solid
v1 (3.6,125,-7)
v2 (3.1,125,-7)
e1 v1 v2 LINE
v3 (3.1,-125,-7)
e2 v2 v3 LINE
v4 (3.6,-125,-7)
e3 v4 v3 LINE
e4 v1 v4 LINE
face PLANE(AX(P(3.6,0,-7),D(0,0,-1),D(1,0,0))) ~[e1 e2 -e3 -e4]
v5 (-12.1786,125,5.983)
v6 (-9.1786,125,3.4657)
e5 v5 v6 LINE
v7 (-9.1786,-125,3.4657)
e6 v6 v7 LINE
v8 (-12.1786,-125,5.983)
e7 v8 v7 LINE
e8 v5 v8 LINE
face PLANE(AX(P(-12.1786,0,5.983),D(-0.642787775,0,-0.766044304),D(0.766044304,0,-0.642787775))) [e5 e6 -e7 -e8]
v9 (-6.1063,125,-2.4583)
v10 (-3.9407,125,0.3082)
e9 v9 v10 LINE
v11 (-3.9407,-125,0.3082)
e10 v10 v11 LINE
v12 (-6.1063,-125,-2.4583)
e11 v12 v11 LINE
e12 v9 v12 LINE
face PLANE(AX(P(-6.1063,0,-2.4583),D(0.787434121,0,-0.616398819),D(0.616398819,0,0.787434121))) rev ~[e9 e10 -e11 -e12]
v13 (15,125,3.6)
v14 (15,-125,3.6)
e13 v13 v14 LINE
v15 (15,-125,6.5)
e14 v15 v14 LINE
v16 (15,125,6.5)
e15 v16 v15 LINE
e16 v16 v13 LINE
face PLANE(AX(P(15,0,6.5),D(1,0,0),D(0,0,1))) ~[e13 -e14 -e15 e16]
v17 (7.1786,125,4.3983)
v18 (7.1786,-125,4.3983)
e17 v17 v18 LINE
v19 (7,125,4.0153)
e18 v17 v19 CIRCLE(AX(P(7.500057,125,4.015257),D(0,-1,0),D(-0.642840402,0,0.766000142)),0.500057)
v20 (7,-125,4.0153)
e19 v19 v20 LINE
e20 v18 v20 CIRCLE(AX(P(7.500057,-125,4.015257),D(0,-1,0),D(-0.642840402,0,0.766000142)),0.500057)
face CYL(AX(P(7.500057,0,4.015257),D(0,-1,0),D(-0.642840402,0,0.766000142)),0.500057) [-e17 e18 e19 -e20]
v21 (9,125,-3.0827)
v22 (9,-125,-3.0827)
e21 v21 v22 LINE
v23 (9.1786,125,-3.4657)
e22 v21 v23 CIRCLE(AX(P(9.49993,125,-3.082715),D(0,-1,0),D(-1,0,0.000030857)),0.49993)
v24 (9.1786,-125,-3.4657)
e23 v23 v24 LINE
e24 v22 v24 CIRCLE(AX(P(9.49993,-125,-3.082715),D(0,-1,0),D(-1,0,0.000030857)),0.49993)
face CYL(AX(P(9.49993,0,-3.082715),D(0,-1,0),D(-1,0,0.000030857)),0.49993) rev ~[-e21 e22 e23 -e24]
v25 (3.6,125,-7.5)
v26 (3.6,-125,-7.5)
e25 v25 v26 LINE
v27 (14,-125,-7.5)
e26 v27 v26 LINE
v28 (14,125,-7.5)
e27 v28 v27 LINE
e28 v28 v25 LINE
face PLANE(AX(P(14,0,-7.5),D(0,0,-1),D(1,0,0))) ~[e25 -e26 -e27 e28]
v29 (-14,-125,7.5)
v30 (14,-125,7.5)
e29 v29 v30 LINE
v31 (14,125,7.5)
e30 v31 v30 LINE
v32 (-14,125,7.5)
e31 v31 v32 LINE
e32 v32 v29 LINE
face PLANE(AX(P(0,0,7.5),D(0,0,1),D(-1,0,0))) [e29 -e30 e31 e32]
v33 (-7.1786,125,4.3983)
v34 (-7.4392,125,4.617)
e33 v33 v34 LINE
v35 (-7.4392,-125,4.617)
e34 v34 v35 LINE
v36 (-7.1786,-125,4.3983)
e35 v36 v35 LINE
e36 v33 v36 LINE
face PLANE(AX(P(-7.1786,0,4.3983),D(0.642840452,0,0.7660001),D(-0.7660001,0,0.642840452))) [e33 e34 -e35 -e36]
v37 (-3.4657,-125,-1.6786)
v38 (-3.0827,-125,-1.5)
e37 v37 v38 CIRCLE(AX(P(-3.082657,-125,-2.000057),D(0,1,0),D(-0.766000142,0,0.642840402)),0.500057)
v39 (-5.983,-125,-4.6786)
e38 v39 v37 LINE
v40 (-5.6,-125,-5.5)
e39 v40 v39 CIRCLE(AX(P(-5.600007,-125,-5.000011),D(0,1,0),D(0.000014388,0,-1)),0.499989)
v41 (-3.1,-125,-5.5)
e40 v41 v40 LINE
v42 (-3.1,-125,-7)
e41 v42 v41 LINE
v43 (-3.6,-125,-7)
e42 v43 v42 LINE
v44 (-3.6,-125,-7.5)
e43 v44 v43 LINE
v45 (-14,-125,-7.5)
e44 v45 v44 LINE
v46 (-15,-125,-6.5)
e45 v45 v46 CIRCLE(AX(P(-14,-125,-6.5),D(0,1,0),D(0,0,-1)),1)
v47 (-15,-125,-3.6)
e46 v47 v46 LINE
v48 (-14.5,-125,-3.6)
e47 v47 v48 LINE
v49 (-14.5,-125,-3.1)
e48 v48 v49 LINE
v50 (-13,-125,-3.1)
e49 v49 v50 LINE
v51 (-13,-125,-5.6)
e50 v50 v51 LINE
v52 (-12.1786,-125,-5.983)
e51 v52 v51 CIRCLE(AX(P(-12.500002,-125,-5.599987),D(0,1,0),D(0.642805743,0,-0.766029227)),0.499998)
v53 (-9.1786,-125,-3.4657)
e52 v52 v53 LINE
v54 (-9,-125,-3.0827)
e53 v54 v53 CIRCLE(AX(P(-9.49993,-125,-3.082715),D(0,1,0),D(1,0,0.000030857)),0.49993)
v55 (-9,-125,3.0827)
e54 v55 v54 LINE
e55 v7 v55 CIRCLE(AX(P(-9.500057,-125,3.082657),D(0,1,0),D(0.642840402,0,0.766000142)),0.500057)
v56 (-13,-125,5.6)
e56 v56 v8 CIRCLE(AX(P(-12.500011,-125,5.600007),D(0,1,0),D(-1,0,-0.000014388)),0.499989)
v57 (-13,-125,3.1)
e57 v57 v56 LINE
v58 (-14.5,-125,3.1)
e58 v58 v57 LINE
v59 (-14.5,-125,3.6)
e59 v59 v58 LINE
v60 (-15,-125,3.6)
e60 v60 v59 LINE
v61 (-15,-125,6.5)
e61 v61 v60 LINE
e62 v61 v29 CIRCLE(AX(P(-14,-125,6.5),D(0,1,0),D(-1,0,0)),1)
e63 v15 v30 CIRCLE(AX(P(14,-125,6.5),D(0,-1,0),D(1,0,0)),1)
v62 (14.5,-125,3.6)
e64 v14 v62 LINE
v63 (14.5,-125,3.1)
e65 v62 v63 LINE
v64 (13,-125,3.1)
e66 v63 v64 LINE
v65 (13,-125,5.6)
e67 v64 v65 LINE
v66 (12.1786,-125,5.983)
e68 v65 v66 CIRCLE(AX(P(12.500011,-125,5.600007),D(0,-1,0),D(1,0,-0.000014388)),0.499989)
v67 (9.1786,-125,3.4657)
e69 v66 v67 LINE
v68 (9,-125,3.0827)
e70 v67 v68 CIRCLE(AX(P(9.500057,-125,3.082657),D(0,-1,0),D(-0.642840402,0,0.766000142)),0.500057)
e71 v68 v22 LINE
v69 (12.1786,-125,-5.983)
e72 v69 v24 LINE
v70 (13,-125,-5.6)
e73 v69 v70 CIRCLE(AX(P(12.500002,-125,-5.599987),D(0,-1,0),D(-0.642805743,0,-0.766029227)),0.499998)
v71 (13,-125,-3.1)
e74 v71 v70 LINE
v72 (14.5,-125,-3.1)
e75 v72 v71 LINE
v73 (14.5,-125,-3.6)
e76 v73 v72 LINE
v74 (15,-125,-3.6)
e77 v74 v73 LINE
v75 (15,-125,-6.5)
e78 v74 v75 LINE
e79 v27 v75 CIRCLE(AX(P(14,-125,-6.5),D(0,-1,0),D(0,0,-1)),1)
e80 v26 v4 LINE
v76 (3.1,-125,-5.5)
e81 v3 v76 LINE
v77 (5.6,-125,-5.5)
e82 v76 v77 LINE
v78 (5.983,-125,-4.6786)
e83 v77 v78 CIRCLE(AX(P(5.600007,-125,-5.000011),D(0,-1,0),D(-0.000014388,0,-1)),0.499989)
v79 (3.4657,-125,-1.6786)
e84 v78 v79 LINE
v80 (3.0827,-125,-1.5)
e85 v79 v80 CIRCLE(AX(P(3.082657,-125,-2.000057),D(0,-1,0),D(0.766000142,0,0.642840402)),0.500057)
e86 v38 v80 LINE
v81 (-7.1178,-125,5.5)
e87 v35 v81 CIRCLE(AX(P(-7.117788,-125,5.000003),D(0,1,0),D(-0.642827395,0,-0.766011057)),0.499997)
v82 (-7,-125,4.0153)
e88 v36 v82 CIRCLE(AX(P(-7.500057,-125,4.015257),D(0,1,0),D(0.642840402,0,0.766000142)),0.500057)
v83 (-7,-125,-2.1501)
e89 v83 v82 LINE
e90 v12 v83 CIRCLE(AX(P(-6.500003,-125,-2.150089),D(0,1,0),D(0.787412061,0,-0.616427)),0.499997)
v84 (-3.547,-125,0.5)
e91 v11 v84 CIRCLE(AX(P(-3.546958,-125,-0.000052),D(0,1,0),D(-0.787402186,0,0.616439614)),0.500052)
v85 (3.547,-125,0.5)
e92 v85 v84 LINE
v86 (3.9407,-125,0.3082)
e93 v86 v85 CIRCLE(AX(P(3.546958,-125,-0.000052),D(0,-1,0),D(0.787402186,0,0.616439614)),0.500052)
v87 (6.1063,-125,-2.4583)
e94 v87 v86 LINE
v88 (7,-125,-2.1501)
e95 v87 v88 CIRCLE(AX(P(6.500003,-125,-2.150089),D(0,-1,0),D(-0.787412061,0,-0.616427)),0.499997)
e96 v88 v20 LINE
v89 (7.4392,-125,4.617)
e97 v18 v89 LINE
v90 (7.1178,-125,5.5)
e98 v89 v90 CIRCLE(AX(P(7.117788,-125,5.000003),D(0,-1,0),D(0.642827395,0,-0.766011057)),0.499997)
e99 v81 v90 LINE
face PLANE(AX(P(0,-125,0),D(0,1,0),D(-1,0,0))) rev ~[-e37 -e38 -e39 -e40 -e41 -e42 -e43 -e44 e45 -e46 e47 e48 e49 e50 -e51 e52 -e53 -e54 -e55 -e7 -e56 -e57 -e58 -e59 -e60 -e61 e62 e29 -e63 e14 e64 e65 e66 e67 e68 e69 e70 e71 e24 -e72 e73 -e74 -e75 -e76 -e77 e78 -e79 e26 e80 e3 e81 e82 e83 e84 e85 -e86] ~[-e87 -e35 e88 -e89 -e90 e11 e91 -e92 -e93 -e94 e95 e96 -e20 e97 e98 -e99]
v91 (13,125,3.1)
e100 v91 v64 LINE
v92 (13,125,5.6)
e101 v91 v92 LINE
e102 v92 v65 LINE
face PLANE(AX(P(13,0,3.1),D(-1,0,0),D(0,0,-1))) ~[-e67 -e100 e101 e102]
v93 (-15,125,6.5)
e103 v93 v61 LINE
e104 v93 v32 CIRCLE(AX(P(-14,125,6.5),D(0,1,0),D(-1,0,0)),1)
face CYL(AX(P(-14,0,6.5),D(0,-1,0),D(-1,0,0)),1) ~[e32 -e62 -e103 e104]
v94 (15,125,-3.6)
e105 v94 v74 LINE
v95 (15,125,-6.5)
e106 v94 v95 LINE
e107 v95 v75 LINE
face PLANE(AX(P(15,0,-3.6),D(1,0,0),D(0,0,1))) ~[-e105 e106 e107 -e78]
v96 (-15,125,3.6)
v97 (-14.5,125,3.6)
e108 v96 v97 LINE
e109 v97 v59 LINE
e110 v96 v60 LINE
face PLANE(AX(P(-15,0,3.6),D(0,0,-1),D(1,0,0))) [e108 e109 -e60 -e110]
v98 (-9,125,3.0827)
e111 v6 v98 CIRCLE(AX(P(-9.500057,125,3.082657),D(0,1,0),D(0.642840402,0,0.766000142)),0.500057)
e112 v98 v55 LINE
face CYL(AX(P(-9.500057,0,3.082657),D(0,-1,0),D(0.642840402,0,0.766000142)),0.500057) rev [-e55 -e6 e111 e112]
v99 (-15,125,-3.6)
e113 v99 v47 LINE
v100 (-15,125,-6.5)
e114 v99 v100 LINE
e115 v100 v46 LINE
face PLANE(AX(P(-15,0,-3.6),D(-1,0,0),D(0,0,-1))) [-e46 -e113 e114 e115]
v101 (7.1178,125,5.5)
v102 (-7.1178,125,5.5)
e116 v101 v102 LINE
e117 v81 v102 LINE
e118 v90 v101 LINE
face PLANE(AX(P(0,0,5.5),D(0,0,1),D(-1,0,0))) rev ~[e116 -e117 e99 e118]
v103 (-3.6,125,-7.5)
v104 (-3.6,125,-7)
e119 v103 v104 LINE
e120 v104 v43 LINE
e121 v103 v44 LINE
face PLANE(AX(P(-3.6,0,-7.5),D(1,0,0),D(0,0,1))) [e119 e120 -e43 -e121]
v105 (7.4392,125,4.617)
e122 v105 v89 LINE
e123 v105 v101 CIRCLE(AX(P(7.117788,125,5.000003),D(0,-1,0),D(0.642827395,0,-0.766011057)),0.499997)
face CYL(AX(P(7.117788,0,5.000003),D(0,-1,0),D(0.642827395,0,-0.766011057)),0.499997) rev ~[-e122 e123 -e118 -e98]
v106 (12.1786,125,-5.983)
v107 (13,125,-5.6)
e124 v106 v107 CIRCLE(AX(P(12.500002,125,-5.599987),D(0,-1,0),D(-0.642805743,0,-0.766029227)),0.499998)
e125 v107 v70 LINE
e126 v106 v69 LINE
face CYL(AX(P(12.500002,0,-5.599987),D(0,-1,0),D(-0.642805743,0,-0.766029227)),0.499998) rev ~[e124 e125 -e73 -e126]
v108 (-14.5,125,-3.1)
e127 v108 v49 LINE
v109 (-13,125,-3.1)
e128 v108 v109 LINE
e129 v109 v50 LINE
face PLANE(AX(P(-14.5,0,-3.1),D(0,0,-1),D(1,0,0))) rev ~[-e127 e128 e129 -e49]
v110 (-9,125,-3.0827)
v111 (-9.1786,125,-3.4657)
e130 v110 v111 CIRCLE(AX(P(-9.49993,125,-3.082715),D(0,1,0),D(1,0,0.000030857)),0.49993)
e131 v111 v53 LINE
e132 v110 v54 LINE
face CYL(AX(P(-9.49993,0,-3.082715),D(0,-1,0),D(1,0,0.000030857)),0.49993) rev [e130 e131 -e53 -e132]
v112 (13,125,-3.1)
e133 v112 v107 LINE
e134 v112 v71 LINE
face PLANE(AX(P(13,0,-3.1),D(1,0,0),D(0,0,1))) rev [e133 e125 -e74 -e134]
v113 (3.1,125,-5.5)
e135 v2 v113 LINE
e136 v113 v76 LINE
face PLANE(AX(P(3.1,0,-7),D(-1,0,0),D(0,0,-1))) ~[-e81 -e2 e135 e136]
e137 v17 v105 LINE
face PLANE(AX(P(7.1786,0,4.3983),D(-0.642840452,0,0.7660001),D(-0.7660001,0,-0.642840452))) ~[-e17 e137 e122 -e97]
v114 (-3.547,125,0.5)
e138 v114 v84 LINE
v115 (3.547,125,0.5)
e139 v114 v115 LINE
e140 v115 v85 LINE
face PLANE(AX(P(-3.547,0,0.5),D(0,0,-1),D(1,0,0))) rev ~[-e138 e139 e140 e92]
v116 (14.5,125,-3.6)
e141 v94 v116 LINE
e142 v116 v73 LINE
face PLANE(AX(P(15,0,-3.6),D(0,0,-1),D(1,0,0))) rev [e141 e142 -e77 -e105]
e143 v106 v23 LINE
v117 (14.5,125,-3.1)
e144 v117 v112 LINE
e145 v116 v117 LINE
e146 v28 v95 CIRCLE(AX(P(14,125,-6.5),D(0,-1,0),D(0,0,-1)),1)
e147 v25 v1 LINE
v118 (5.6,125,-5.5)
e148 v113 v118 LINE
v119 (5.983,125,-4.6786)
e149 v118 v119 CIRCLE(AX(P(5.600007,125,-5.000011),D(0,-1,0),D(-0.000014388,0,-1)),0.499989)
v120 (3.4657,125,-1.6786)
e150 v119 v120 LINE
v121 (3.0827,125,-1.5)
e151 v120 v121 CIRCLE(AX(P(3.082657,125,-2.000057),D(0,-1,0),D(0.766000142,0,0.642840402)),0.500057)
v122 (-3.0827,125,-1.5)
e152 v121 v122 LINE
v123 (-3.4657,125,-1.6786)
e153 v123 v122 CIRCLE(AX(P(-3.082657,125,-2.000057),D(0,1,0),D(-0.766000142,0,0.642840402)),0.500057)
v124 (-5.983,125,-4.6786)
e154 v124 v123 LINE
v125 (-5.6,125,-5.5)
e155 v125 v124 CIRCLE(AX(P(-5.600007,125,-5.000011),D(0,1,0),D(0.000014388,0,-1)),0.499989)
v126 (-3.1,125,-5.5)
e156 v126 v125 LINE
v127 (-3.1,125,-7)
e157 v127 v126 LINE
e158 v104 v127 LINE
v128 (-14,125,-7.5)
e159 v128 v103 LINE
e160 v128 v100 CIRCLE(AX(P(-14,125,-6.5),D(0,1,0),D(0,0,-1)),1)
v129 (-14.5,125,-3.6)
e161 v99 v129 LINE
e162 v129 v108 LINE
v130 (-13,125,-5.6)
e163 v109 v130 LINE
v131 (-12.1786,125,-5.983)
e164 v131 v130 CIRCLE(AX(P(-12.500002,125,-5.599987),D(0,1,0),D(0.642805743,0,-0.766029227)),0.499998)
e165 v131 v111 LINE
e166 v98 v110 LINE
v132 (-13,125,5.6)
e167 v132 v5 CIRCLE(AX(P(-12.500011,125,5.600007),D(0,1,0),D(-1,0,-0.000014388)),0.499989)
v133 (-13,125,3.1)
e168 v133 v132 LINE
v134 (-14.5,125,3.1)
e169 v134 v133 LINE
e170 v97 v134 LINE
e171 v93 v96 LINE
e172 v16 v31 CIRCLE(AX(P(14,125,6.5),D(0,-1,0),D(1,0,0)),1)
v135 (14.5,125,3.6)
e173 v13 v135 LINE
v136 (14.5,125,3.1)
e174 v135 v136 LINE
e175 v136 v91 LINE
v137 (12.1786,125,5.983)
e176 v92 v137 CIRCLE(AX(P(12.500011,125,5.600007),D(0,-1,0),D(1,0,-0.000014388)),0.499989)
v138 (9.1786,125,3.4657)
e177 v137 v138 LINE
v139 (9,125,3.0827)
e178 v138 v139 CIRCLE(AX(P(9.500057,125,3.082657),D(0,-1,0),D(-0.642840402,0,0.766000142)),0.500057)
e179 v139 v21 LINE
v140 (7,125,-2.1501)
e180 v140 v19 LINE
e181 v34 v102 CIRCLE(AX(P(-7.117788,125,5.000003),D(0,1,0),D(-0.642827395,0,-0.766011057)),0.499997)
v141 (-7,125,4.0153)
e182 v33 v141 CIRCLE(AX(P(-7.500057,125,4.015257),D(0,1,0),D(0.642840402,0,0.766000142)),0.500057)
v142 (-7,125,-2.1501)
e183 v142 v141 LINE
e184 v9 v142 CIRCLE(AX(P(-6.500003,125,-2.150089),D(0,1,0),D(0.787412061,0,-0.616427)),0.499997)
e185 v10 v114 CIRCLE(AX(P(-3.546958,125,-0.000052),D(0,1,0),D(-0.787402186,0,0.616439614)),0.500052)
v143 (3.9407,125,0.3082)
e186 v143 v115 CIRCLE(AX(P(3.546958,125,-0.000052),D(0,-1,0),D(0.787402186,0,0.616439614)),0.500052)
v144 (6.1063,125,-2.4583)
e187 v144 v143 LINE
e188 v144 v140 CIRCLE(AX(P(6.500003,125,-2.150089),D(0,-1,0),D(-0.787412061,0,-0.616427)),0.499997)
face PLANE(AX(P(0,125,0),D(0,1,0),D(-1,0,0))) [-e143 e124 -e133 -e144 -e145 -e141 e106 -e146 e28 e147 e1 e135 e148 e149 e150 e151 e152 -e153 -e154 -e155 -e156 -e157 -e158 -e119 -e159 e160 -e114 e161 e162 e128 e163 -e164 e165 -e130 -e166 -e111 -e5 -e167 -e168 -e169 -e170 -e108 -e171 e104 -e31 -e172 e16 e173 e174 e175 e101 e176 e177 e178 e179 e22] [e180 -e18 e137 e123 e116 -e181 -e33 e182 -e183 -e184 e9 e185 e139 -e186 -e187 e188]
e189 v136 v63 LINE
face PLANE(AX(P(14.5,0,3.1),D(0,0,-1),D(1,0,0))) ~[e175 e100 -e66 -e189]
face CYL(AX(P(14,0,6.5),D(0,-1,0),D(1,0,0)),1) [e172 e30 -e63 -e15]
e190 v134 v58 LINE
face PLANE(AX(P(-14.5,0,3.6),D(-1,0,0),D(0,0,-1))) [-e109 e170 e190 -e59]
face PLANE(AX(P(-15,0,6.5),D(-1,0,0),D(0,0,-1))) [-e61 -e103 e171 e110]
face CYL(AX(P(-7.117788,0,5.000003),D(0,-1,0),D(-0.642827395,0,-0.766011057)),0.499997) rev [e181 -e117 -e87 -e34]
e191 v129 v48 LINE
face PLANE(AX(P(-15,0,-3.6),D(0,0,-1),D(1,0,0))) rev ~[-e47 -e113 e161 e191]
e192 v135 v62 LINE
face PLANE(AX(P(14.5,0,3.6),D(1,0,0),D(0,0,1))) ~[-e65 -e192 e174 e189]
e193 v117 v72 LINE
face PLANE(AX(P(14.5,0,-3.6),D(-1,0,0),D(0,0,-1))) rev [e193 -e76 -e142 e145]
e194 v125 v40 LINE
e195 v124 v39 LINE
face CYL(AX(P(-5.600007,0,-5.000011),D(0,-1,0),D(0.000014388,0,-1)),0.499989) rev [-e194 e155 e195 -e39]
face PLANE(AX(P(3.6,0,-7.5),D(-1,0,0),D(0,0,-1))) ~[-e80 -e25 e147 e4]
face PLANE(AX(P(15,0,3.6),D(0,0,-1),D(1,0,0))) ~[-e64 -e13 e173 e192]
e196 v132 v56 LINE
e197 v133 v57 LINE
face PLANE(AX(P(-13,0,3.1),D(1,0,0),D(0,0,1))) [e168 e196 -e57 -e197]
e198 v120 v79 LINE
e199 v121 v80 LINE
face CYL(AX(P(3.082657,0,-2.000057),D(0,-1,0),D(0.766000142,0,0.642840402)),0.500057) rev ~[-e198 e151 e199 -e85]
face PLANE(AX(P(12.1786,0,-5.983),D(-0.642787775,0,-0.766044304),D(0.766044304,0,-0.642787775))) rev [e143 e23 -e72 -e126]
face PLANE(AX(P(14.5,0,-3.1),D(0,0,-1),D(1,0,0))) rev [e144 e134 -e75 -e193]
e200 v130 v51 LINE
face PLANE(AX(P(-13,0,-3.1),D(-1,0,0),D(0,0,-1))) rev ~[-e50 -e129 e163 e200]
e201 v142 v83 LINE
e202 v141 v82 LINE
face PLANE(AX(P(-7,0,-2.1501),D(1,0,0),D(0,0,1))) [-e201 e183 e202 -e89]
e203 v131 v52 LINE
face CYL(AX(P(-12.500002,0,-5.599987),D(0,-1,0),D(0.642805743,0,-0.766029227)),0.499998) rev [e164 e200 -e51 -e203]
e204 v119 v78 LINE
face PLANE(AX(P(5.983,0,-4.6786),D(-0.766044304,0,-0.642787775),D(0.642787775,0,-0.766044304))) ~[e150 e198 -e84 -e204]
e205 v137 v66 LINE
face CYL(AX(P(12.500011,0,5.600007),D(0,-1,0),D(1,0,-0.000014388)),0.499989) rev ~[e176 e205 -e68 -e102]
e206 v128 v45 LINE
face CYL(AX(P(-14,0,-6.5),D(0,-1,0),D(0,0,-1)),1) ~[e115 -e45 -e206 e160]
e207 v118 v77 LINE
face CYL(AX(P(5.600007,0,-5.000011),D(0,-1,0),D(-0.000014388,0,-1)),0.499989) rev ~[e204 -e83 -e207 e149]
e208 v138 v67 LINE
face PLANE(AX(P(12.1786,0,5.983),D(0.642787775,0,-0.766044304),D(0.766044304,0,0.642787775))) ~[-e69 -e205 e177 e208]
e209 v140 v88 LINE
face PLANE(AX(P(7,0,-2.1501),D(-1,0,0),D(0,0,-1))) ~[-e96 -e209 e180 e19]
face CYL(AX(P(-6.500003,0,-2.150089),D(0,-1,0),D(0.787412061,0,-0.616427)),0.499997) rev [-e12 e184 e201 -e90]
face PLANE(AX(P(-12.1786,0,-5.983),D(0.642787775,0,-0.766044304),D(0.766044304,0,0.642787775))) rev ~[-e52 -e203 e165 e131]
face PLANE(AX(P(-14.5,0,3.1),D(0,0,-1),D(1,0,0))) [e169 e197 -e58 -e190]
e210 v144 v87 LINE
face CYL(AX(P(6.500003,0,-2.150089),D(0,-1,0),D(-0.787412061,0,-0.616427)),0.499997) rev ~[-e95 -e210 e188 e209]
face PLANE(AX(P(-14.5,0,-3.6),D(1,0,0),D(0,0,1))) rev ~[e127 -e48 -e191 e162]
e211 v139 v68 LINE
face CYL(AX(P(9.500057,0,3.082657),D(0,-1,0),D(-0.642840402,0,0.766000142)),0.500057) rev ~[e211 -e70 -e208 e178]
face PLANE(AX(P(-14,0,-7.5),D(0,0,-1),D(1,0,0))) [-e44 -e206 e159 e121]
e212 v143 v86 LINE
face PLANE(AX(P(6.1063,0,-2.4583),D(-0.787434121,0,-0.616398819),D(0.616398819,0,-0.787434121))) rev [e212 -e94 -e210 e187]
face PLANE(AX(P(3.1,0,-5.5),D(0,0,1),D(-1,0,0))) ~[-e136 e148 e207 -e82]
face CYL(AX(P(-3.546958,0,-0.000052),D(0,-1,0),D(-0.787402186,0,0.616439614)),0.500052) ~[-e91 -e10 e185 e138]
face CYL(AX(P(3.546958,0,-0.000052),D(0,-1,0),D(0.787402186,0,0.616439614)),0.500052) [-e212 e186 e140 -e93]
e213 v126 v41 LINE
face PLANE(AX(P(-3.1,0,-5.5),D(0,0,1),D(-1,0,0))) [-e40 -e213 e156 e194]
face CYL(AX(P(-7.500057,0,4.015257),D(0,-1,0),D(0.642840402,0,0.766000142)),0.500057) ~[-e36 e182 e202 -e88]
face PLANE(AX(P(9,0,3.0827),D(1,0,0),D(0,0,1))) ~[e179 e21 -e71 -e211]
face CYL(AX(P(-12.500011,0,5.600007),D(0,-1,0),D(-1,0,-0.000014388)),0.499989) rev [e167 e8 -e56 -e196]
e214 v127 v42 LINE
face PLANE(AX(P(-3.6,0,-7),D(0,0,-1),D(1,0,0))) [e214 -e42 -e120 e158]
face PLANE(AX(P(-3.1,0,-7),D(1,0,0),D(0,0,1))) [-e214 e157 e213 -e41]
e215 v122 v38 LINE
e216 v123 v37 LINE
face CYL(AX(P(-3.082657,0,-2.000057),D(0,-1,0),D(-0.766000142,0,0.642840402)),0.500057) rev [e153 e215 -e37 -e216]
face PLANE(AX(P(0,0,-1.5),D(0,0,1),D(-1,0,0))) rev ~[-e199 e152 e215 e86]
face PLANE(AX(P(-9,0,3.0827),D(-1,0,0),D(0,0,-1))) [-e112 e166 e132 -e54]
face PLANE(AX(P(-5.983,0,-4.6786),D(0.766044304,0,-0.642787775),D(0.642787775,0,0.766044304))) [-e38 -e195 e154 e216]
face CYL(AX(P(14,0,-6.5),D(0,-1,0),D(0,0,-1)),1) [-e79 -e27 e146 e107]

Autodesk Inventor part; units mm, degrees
ref_plane "YZ Plane" through (0, 0, 0) normal (1, 0, 0) x (0, 1, 0)
ref_plane "XZ Plane" through (0, 0, 0) normal (0, 1, 0) x (-1, 0, 0)
ref_plane "XY Plane" through (0, 0, 0) normal (0, 0, 1) x (1, 0, 0)
sketch "Esboço1" plane through (0, 0, 0) normal (0, 1, 0) x (-1, 0, 0)
  line L0 (-15, 7.5) -> (15, 7.5) construction
  line L1 (15, 7.5) -> (15, -7.5) construction
  line L2 (15, -7.5) -> (-15, -7.5) construction
  line L3 (-15, -7.5) -> (-15, 7.5) construction
  line L4 (15, 7.5) -> (-15, -7.5) construction
  line L5 (0, 7.5) -> (14, 7.5)
  arc A0 (15, 6.5) -> (14, 7.5) centre (14, 6.5) ccw
  line L6 (15, 6.5) -> (15, 3.6)
  line L7 (15, 3.6) -> (14.5, 3.6)
  line L8 (14.5, 3.6) -> (14.5, 3.1)
  line L9 (14.5, 3.1) -> (13, 3.1)
  line L10 (13, 3.1) -> (13, 5.6)
  line L11 (12.1786, 5.983) -> (9.1786, 3.4657)
  arc A1 (13, 5.6) -> (12.1786, 5.983) centre (12.5, 5.6) ccw
  arc A2 (9.1786, 3.4657) -> (9, 3.0827) centre (9.5, 3.0827) ccw
  line L12 (14, -7.5) -> (3.6, -7.5)
  line L13 (15, -3.6) -> (15, -6.5)
  arc A3 (14, -7.5) -> (15, -6.5) centre (14, -6.5) ccw
  line L14 (15, -3.6) -> (14.5, -3.6)
  line L15 (14.5, -3.6) -> (14.5, -3.1)
  line L16 (14.5, -3.1) -> (13, -3.1)
  line L17 (13, -3.1) -> (13, -5.6)
  line L18 (12.1786, -5.983) -> (9.1786, -3.4657)
  arc A4 (12.1786, -5.983) -> (13, -5.6) centre (12.5, -5.6) ccw
  line L19 (9, 3.0827) -> (9, -3.0827)
  arc A5 (9, -3.0827) -> (9.1786, -3.4657) centre (9.5, -3.0827) ccw
  line L20 (0, 5.5) -> (7.1178, 5.5)
  line L21 (0, 5.5) -> (0, 7.5)
  line L22 (13, -3.1) -> (13, 3.1) construction
  line L23 (7, -2.1501) -> (7, 4.0153)
  arc A6 (7.4392, 4.617) -> (7.1178, 5.5) centre (7.1178, 5) ccw
  arc A7 (7.1786, 4.3983) -> (7, 4.0153) centre (7.5, 4.0153) ccw
  line L24 (8.4915, 5.5) -> (7.1178, 5.5) construction
  line L25 (8.4915, 5.5) -> (7.1786, 4.3983) construction
  line L26 (7.1786, 4.3983) -> (7.4392, 4.617)
  line L27 (7, 4.0153) -> (7, -3.6) construction
  line L28 (7, -3.6) -> (3.9407, 0.3082) construction
  arc A8 (6.1063, -2.4583) -> (7, -2.1501) centre (6.5, -2.1501) ccw
  line L29 (6.1063, -2.4583) -> (3.9407, 0.3082)
  line L30 (3.547, 0.5) -> (0, 0.5)
  arc A9 (3.9407, 0.3082) -> (3.547, 0.5) centre (3.547, 0) ccw
  line L31 (0, 0.5) -> (0, -1.5)
  line L32 (0, -1.5) -> (3.0827, -1.5)
  line L33 (3.6, -7.5) -> (3.6, -7)
  line L34 (3.6, -7) -> (3.1, -7)
  line L35 (3.1, -7) -> (3.1, -5.5)
  line L36 (3.1, -5.5) -> (5.6, -5.5)
  line L37 (5.983, -4.6786) -> (3.4657, -1.6786)
  arc A10 (3.4657, -1.6786) -> (3.0827, -1.5) centre (3.0827, -2) ccw
  arc A11 (5.6, -5.5) -> (5.983, -4.6786) centre (5.6, -5) ccw
  line L38 (0, 2.5907) -> (0, -7.5) construction
  point P0 (0, 0)
  point P1 (13, -4.35)
  point P2 (13, 0)
  point P3 (9.0468, 3.294)
  dimension "d14" = 30
  dimension "d15" = 15
  dimension "d22" = 2
  dimension "d23" = 0.5
  dimension "d34" = 2.5
  dimension "d35" = 1
  dimension "d37" = 0.5
  dimension "d38" = 50
  dimension "d41" = 6
  dimension "d45" = 2
  dimension "d46" = 6.2
  dimension "d47" = 2
  dimension "d50" = 0.5
  dimension "d53" = 2
  dimension "d55" = 2
  dimension "d56" = 3.1
  dimension "d59" = 6
  dimension "d60" = 50
  dimension "d62" = 2
  dimension "d64" = 1.4656
extrude "Extrusão1" add sketch "Esboço1" along normal mid plane 250
mirror "Espelhar1" about plane through (0, 0, 0) normal (1, 0, 0) of "Extrusão1"
equation "\"d47\" = d45"
equation "\"Raio_vergadura\" = Espessura"
equation "\"Largura_alívio_de_vergadura\" = Espessura"
equation "\"Profundidade_alívio_de_vergadura\" = 0.5 * Espessura"
equation "\"Tamanho_alívio_de_dobra\" = 4 * Espessura"
equation "\"Remanescente_mínimo\" = 2 * Espessura"
equation "\"Raiodetransição\" = Raio_vergadura"
equation "\"Tamanho_de_raio_de_Jacobi\" = Raio_vergadura"
equation "\"TamanhoFolga\" = Espessura"
equation "\"Espessura\" = 0.5"
